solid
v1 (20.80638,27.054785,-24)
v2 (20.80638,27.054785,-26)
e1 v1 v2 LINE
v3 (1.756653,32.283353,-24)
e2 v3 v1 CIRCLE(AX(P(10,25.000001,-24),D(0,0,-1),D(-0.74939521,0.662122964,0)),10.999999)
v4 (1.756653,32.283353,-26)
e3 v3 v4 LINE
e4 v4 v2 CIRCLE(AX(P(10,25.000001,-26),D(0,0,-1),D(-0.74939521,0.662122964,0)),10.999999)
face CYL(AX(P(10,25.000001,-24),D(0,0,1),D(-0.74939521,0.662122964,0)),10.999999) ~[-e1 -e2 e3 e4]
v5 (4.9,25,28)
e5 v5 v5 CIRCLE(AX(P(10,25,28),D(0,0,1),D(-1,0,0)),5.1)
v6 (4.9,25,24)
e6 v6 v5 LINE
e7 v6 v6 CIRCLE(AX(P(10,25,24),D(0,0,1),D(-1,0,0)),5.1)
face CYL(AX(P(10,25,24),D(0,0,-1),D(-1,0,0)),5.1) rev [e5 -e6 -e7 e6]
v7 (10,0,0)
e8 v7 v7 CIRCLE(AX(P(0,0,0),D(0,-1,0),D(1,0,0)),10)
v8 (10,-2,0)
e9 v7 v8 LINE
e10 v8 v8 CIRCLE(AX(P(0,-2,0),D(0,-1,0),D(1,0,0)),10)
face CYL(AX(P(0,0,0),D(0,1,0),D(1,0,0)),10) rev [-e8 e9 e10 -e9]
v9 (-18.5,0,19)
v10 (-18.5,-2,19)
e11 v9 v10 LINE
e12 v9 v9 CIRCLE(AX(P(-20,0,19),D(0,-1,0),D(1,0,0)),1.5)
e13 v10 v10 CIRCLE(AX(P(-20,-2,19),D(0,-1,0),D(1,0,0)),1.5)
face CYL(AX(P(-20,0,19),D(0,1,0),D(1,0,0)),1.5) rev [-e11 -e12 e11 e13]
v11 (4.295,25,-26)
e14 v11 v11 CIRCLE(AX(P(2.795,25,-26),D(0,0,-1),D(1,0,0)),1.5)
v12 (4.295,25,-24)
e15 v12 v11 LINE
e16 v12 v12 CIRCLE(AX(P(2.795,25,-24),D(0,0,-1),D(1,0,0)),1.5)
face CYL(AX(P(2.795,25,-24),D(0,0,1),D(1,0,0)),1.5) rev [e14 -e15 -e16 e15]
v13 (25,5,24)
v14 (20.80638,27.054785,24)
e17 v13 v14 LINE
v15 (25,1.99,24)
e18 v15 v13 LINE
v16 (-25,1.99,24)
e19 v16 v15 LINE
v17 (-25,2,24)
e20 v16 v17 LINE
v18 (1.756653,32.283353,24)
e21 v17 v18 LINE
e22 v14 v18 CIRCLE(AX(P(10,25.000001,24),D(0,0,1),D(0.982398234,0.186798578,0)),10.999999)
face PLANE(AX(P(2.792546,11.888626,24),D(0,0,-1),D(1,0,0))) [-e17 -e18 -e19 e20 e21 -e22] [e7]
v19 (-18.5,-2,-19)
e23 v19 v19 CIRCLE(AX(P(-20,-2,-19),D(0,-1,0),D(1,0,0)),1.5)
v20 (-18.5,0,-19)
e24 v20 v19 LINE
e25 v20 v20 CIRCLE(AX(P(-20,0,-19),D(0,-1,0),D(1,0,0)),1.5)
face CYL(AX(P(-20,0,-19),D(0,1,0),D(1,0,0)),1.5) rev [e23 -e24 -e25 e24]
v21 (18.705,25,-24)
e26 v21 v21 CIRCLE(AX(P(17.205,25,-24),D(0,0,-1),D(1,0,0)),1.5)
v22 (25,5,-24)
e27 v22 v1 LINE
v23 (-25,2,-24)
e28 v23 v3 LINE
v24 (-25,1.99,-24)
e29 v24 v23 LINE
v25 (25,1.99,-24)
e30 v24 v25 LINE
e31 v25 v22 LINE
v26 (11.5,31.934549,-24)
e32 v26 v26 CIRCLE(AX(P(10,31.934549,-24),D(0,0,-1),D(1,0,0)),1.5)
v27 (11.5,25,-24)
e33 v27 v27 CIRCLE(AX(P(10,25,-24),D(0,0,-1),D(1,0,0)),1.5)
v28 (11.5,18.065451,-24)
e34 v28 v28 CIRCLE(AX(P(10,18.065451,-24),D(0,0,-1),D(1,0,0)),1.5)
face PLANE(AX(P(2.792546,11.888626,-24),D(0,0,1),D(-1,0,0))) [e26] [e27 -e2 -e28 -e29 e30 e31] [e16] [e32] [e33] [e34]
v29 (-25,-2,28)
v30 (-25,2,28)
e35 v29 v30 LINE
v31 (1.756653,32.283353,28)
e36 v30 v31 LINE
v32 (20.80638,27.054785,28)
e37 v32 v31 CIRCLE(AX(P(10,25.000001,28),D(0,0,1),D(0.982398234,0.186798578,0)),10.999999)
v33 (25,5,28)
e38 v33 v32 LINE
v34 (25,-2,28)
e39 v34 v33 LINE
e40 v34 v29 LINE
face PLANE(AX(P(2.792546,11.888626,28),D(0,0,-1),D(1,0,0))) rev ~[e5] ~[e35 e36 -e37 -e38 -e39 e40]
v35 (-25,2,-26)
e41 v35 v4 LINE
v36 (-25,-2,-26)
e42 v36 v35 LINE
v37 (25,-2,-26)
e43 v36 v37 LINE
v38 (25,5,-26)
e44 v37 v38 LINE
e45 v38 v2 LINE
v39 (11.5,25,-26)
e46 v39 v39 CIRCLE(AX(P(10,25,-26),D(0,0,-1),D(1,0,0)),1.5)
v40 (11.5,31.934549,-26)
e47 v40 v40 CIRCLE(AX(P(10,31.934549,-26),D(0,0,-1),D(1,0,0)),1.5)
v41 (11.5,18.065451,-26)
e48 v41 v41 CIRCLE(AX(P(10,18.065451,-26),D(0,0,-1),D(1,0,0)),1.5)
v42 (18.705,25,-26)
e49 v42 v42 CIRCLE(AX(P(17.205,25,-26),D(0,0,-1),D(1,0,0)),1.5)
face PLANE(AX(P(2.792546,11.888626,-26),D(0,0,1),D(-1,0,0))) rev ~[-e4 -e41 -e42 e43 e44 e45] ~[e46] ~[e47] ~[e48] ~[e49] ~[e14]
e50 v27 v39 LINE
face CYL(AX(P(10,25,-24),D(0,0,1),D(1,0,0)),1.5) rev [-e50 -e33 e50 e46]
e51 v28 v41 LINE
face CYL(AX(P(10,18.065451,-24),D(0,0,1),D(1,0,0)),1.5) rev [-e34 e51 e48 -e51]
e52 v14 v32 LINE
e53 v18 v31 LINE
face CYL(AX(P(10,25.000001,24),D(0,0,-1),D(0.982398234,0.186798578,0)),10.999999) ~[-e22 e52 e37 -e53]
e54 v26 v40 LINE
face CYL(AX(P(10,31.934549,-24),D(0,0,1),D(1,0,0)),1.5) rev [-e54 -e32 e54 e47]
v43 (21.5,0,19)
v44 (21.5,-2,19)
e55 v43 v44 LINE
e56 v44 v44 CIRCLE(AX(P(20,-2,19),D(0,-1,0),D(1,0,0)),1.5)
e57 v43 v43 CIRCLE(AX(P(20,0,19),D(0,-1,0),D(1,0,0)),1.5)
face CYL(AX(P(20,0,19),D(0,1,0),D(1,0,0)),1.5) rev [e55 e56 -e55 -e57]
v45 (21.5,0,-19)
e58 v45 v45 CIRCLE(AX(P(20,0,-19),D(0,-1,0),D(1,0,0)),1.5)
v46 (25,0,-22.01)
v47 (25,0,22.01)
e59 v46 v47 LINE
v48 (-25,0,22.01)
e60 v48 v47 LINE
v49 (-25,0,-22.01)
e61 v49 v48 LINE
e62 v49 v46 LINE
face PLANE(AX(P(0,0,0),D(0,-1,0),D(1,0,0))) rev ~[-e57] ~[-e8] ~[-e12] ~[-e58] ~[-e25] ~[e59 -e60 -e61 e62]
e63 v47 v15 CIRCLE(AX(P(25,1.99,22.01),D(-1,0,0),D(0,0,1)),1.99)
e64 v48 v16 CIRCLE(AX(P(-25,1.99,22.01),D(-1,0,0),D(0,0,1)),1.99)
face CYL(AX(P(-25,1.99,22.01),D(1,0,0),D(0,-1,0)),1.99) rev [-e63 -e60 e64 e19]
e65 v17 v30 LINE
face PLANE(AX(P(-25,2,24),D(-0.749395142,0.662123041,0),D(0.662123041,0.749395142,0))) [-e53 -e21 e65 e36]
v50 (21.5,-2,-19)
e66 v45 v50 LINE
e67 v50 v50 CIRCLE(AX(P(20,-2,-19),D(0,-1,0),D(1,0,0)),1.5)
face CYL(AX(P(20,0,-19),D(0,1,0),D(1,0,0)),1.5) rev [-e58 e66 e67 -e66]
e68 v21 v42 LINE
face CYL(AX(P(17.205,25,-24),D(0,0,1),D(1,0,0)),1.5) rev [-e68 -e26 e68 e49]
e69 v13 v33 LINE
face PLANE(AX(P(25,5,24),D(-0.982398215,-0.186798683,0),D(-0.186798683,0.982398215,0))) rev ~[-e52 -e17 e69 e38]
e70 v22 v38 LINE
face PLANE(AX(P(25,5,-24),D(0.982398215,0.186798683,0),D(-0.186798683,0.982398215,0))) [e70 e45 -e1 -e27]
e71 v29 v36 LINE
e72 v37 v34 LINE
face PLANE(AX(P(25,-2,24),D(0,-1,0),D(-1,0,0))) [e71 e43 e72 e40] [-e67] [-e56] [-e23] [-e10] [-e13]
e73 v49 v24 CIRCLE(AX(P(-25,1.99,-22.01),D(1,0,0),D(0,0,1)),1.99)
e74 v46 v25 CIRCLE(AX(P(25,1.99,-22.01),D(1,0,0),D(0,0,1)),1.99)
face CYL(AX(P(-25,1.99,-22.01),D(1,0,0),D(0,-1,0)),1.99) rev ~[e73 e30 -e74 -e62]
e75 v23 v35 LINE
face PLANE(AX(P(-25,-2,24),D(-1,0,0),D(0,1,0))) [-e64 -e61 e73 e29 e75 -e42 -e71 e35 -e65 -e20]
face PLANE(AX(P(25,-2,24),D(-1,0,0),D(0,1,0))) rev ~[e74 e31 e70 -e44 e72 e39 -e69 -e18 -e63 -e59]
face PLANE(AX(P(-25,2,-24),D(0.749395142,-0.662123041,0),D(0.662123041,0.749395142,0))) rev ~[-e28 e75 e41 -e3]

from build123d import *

# Parameters (mm, degrees)
SKETCH_W     = 50
SKETCH_H     = 48
SKETCH_R     = 1.5
SKETCH_R_2   = 10
PAD_DEPTH    = 2
SKETCH003_R  = 1.5
PAD001_DEPTH = 2
SKETCH004_R  = 5.1
PAD002_DEPTH = 4
FILLET_R     = 1.99
FILLET001_R  = 1.99


with BuildPart() as part:
    # Sketch → Pad (new body)
    with BuildSketch(Plane.XZ):
        Rectangle(SKETCH_W, SKETCH_H)
        with Locations((-20, 19)):
            Circle(SKETCH_R, mode=Mode.SUBTRACT)
        with Locations((20, 19)):
            Circle(SKETCH_R, mode=Mode.SUBTRACT)
        with Locations((-20, -19)):
            Circle(SKETCH_R, mode=Mode.SUBTRACT)
        with Locations((20, -19)):
            Circle(SKETCH_R, mode=Mode.SUBTRACT)
        Circle(SKETCH_R_2, mode=Mode.SUBTRACT)
    extrude(amount=PAD_DEPTH)

    # Sketch003 (on Face3 of Pad) → Pad001 (join)
    with BuildSketch(Plane(origin=(0, 0, -24), x_dir=(1, 0, 0), z_dir=(0, 0, -1))):
        with BuildLine():
            Line((-25, 0), (-25, 2))
            Line((-25, 2), (25, 2))
            Line((25, 2), (25, 0))
            Line((25, 0), (25, -5))
            Line((25, -5), (20.80638, -27.054785))
            ThreePointArc((1.756653, -32.283353), (12.911489, -35.607697), (20.80638, -27.054785))
            Line((-25, -2), (1.756653, -32.283353))
            Line((-25, 0), (-25, -2))
        make_face()
        with Locations((10, -31.934549)):
            Circle(SKETCH003_R, mode=Mode.SUBTRACT)
        with Locations((17.205, -25)):
            Circle(SKETCH003_R, mode=Mode.SUBTRACT)
        with Locations((10, -25)):
            Circle(SKETCH003_R, mode=Mode.SUBTRACT)
        with Locations((2.795, -25)):
            Circle(SKETCH003_R, mode=Mode.SUBTRACT)
        with Locations((10, -18.065451)):
            Circle(SKETCH003_R, mode=Mode.SUBTRACT)
    extrude(amount=PAD001_DEPTH)

    # Sketch004 (on Face1 of Pad) → Pad002 (join)
    with BuildSketch(Plane(origin=(0, 0, 24), x_dir=(-1, 0, 0), z_dir=(0, 0, 1))):
        with BuildLine():
            Line((-25, 2), (25, 2))
            Line((25, 2), (25, 0))
            Line((25, 0), (25, -2))
            Line((25, -2), (-1.756653, -32.283353))
            ThreePointArc((-20.80638, -27.054785), (-12.911489, -35.607697), (-1.756653, -32.283353))
            Line((-25, -5), (-20.80638, -27.054785))
            Line((-25, 0), (-25, -5))
            Line((-25, 0), (-25, 2))
        make_face()
        with Locations((-10, -25)):
            Circle(SKETCH004_R, mode=Mode.SUBTRACT)
    extrude(amount=PAD002_DEPTH)

    # Fillet
    fillet_edges = [part.edges().sort_by_distance(p)[0] for p in [
        (0, 0, 24),
    ]]
    fillet(fillet_edges, radius=FILLET_R)

    # Fillet001
    fillet001_edges = [part.edges().sort_by_distance(p)[0] for p in [
        (0, 0, -24),
    ]]
    fillet(fillet001_edges, radius=FILLET001_R)


solid = part.part
